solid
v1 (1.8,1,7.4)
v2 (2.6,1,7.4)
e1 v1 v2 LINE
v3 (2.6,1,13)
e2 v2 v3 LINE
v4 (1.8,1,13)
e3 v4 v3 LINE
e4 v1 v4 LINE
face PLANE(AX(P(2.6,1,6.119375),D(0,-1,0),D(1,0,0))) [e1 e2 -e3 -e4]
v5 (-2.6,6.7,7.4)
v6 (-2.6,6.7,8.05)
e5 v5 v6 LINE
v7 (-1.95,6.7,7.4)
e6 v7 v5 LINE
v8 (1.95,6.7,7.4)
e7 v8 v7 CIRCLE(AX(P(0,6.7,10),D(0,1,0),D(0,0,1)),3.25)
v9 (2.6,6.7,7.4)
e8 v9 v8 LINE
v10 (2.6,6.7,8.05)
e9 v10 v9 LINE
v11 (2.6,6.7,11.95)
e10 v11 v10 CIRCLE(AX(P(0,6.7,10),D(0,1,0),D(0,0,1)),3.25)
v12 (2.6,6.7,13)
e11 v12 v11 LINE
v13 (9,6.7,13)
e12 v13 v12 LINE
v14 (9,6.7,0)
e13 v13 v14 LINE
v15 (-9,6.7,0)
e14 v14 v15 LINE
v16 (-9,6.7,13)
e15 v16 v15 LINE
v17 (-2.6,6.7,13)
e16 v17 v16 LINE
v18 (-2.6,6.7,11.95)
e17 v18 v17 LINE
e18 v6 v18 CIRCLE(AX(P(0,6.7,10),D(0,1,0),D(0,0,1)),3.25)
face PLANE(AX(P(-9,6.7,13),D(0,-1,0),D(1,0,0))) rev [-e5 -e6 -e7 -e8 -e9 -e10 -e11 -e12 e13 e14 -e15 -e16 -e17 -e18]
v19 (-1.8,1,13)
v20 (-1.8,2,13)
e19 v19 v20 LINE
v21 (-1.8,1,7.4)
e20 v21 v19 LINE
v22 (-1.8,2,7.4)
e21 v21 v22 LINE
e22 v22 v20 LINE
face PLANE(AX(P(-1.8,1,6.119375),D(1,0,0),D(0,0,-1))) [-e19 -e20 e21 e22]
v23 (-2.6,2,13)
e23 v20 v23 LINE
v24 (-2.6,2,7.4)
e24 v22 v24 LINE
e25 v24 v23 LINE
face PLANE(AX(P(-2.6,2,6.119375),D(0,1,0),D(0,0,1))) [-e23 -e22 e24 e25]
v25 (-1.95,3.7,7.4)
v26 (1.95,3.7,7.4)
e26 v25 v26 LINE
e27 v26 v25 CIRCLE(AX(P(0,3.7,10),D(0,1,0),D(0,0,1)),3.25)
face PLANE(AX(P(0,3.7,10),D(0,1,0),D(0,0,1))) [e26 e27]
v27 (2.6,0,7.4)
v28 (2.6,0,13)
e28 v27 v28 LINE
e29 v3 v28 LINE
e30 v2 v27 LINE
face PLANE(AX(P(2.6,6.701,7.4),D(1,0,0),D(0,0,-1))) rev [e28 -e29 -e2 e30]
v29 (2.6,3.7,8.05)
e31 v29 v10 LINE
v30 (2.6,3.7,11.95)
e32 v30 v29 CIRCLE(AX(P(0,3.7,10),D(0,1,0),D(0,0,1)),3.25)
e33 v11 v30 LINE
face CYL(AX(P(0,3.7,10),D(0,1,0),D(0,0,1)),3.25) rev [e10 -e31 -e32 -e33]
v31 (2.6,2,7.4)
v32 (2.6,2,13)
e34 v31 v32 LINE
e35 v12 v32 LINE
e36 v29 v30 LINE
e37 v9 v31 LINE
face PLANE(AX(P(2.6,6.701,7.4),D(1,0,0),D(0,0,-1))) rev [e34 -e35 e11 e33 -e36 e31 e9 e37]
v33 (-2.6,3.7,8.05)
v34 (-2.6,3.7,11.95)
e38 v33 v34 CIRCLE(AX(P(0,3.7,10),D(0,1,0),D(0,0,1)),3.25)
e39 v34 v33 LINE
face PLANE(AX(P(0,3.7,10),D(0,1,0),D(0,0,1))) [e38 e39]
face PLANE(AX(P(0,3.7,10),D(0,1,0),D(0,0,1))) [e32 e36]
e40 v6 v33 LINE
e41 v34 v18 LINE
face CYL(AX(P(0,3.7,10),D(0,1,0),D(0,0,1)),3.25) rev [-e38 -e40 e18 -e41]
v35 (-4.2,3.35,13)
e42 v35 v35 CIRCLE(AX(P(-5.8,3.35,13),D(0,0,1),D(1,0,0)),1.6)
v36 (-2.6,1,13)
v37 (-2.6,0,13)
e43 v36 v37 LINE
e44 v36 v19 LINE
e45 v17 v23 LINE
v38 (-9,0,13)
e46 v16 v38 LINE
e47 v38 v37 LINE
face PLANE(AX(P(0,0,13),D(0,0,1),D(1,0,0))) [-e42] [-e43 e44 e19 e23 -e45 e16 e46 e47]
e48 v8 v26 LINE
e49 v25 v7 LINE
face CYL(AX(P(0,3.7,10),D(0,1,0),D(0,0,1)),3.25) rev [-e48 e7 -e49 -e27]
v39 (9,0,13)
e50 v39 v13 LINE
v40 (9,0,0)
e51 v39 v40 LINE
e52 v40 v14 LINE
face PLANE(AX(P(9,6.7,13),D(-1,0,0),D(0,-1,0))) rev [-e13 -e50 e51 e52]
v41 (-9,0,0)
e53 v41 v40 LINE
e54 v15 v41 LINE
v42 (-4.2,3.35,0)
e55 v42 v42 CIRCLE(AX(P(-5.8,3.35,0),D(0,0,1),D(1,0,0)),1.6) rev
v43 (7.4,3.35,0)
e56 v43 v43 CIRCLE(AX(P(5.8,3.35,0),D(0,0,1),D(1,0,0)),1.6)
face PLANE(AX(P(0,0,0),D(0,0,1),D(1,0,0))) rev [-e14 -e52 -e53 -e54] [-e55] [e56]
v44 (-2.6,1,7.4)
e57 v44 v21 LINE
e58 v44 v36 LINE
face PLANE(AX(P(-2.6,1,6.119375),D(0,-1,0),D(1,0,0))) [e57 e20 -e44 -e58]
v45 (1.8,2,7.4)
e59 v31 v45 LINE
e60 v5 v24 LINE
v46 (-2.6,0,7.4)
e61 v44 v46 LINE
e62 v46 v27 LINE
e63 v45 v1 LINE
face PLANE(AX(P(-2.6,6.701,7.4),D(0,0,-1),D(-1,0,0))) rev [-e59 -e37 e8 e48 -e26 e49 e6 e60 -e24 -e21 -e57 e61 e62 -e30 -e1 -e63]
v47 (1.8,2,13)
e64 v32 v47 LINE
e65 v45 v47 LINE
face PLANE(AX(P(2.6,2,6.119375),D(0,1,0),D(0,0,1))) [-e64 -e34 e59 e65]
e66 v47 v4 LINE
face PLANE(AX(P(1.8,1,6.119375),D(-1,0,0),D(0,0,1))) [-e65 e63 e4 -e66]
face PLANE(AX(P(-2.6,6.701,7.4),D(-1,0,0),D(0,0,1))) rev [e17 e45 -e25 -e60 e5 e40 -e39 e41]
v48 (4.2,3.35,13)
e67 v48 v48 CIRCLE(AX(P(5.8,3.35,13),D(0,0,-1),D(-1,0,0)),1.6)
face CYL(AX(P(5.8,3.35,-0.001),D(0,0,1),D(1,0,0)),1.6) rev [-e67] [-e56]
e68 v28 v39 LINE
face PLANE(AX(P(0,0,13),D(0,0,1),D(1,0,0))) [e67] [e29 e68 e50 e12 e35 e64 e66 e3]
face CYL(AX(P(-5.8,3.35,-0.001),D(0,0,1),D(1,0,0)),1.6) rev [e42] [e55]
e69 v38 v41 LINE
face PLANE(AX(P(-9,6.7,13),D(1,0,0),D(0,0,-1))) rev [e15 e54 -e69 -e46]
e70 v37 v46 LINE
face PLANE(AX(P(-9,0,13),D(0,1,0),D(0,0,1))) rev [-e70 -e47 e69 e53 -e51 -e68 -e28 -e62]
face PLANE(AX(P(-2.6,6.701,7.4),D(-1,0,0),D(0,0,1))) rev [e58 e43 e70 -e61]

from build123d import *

# Parameters (mm, degrees)
SKETCH1_W           = 18
SKETCH1_H           = 6.7
BOSS_EXTRUDE1_DEPTH = 13
CUT_EXTRUDE1_REACH  = 19.172
SKETCH3_R           = 3.25
CUT_EXTRUDE2_DEPTH  = 3
SKETCH4_W           = 0.8
SKETCH4_H           = 1
BOSS_EXTRUDE2_DEPTH = 5.6
CUT_EXTRUDE3_REACH  = 19.172
SKETCH8_R           = 1.6


with BuildPart() as part:
    # Sketch1 → Boss-Extrude1 (new body)
    with BuildSketch(Plane.XY):
        with Locations((0, 3.35)):
            Rectangle(SKETCH1_W, SKETCH1_H)
    extrude(amount=BOSS_EXTRUDE1_DEPTH)

    # Sketch2 → Cut-Extrude1 (cut, up to next)
    with BuildSketch(Plane.XZ, mode=Mode.PRIVATE) as cut_extrude1_sk1:
        Polygon((-2.6, 12.6), (-2.6, 13), (2.6, 13), (2.6, 12.6), (2.6, 7.4), (-2.6, 7.4), align=None)
    cut_extrude1_tool1 = extrude(cut_extrude1_sk1.sketch, amount=-CUT_EXTRUDE1_REACH, mode=Mode.PRIVATE) & part.part
    add(cut_extrude1_tool1.solids().sort_by_distance((0, 0, 10.2))[0], mode=Mode.SUBTRACT)

    # Sketch3 → Cut-Extrude2 (cut)
    with BuildSketch(Plane(origin=(0, 6.7, 0), x_dir=(1, 0, 0), z_dir=(0, 1, 0))):
        with Locations((0, -10)):
            Circle(SKETCH3_R)
    extrude(amount=-CUT_EXTRUDE2_DEPTH, mode=Mode.SUBTRACT)

    # Sketch4 → Boss-Extrude2 (add)
    with BuildSketch(Plane.XY.offset(13)):
        with Locations((-2.2, 1.5)):
            Rectangle(SKETCH4_W, SKETCH4_H)
        with Locations((2.2, 1.5)):
            Rectangle(SKETCH4_W, SKETCH4_H)
    extrude(amount=-BOSS_EXTRUDE2_DEPTH)

    # Sketch8 → Cut-Extrude3 (cut, up to next)
    with BuildSketch(Plane.XY.offset(13), mode=Mode.PRIVATE) as cut_extrude3_sk1:
        with Locations((-5.8, 3.35)):
            Circle(SKETCH8_R)
    cut_extrude3_tool1 = extrude(cut_extrude3_sk1.sketch, amount=-CUT_EXTRUDE3_REACH, mode=Mode.PRIVATE) & part.part
    cut_extrude3 = cut_extrude3_tool1.solids().sort_by_distance((-5.8, 3.35, 13))[0]
    add(cut_extrude3, mode=Mode.SUBTRACT)

    # Mirror1: Cut-Extrude3 across plane
    add(cut_extrude3.mirror(Plane(origin=(0, 0, 0), x_dir=(0, 0, 1), z_dir=(1, 0, 0))), mode=Mode.SUBTRACT)


solid = part.part
